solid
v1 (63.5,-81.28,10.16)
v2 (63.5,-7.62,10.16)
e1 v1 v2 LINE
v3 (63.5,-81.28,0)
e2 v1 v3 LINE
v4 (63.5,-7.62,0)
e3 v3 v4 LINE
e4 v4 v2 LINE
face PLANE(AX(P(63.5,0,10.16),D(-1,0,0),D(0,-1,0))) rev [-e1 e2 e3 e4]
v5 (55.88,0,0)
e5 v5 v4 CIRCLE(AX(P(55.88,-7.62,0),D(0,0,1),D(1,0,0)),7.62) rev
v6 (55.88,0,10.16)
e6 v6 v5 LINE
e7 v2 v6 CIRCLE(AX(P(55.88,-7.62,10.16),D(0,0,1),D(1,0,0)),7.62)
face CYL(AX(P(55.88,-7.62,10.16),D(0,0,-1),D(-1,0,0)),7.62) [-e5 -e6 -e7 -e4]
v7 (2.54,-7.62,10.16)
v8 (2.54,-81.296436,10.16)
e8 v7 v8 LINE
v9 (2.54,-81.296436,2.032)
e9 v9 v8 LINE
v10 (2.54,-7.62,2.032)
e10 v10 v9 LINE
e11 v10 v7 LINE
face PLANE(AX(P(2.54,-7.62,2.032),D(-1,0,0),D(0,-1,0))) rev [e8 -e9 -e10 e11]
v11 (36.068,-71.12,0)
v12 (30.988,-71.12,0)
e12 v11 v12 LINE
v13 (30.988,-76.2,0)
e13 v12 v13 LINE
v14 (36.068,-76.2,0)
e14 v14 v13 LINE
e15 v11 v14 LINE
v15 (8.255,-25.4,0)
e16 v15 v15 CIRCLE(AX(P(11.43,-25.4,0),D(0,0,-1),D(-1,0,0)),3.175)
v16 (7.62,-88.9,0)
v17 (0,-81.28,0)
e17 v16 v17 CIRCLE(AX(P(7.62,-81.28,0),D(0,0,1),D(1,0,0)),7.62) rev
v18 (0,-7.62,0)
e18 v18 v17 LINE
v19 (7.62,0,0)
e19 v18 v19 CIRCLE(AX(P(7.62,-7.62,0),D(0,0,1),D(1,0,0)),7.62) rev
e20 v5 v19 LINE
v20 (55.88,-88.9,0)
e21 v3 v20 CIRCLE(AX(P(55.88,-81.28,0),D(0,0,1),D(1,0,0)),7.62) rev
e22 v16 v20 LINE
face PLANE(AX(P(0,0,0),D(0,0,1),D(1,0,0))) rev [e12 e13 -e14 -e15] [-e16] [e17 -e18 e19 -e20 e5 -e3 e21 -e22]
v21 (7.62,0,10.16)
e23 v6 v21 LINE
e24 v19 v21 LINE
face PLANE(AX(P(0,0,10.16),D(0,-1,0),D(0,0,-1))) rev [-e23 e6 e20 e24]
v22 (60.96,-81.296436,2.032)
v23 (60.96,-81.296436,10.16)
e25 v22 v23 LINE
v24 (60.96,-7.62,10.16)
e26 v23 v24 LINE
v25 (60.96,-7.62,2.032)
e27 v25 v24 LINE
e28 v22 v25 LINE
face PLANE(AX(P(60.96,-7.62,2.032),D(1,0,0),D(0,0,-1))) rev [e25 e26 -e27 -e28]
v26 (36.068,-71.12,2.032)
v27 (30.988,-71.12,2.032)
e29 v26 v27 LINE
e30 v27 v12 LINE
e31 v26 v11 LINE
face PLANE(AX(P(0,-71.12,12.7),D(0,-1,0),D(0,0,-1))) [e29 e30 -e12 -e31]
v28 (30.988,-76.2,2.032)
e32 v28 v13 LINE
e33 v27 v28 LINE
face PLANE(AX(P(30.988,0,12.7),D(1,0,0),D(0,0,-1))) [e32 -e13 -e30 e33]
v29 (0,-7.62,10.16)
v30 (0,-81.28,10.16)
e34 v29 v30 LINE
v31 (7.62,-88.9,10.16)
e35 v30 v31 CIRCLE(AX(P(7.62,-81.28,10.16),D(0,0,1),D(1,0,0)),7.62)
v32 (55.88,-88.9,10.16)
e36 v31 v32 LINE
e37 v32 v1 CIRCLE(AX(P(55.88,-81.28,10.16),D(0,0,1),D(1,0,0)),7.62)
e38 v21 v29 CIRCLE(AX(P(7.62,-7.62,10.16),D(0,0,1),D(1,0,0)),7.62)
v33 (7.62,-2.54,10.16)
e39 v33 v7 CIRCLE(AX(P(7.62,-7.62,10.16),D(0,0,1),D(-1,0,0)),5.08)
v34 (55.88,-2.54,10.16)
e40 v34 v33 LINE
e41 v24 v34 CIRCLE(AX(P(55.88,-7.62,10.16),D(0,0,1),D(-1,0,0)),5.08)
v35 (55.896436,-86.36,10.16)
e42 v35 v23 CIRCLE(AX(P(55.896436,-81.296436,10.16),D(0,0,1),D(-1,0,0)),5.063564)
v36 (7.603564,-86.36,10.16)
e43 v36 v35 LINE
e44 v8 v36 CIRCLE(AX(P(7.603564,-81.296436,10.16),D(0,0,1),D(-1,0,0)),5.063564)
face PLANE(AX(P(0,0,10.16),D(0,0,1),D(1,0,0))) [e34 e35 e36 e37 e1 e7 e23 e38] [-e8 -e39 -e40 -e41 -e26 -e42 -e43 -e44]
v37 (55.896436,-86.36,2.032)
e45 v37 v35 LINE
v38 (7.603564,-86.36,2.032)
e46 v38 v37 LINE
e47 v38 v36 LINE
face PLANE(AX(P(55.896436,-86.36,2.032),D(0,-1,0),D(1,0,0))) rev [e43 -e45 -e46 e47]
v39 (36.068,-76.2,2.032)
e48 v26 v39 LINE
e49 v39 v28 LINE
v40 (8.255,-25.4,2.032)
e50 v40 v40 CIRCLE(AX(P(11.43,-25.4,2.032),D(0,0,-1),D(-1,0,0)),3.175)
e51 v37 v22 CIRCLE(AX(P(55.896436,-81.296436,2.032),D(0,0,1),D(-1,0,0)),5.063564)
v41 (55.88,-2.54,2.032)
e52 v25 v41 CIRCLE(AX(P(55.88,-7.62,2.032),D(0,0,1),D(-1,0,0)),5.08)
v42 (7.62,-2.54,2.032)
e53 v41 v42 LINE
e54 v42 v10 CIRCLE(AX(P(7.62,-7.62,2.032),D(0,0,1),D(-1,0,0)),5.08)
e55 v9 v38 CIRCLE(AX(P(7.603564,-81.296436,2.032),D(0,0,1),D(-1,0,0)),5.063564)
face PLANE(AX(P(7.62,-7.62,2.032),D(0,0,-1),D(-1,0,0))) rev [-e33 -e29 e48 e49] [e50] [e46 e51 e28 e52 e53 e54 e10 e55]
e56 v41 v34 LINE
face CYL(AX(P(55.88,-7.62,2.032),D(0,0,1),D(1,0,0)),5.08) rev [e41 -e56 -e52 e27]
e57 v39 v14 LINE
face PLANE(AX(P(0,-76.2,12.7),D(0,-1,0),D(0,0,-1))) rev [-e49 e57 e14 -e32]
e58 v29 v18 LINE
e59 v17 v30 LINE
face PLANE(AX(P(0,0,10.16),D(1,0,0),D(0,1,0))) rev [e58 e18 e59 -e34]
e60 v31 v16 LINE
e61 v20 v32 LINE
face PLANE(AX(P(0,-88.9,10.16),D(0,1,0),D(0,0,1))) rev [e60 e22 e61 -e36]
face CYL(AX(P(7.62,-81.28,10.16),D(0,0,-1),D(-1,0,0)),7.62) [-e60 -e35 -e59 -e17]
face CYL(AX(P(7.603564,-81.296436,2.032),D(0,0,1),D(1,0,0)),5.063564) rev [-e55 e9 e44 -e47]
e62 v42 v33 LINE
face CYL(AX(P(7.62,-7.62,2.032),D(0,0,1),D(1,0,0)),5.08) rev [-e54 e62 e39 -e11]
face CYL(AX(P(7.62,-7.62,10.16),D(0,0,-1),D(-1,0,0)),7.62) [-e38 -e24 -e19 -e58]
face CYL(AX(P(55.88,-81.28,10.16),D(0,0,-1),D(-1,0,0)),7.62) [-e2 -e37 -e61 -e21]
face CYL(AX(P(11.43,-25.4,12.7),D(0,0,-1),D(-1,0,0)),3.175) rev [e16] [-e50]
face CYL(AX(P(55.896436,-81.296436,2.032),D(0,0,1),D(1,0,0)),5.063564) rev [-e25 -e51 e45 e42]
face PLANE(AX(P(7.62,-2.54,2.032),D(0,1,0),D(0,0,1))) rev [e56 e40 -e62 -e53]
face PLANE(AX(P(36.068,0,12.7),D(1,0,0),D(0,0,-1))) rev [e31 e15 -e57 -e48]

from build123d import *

# Parameters (mm, degrees)
SKETCH1_W           = 63.5
SKETCH1_H           = 88.9
BOSS_EXTRUDE1_DEPTH = 10.16
FILLET1_R           = 7.62
CUT_EXTRUDE1_DEPTH  = 8.128
SKETCH3_W           = 5.08
SKETCH3_H           = 5.08
SKETCH3_R           = 3.175
CUT_EXTRUDE2_DEPTH  = 12.7


with BuildPart() as part:
    # Sketch1 → Boss-Extrude1 (new body)
    with BuildSketch(Plane.XY):
        with Locations((31.75, -44.45)):
            Rectangle(SKETCH1_W, SKETCH1_H)
    extrude(amount=BOSS_EXTRUDE1_DEPTH)

    # Fillet1
    fillet1_edges = [part.edges().sort_by_distance(p)[0] for p in [
        (0, 0, 5.08),
        (63.5, 0, 5.08),
        (63.5, -88.9, 5.08),
        (0, -88.9, 5.08),
    ]]
    fillet(fillet1_edges, radius=FILLET1_R)

    # Sketch2 → Cut-Extrude1 (cut)
    with BuildSketch(Plane.XY.offset(10.16)):
        with BuildLine():
            Line((7.62, -2.54), (55.88, -2.54))
            ThreePointArc((55.88, -2.54), (59.472102448, -4.027897552), (60.96, -7.62))
            Line((60.96, -7.62), (60.96, -81.296436042))
            ThreePointArc((60.96, -81.296436042), (59.476916454, -84.876916454), (55.896436042, -86.36))
            Line((55.896436042, -86.36), (7.603563958, -86.36))
            ThreePointArc((7.603563958, -86.36), (4.023083546, -84.876916454), (2.54, -81.296436042))
            Line((2.54, -81.296436042), (2.54, -7.62))
            ThreePointArc((2.54, -7.62), (4.027897552, -4.027897552), (7.62, -2.54))
        make_face()
    extrude(amount=-CUT_EXTRUDE1_DEPTH, mode=Mode.SUBTRACT)

    # Sketch3 → Cut-Extrude2 (cut)
    with BuildSketch(Plane(origin=(0, 0, 0), x_dir=(-1, 0, 0), z_dir=(0, 0, -1))):
        with Locations((-33.528, -73.66)):
            Rectangle(SKETCH3_W, SKETCH3_H)
        with Locations((-11.43, -25.4)):
            Circle(SKETCH3_R)
    extrude(amount=-CUT_EXTRUDE2_DEPTH, mode=Mode.SUBTRACT)


solid = part.part
